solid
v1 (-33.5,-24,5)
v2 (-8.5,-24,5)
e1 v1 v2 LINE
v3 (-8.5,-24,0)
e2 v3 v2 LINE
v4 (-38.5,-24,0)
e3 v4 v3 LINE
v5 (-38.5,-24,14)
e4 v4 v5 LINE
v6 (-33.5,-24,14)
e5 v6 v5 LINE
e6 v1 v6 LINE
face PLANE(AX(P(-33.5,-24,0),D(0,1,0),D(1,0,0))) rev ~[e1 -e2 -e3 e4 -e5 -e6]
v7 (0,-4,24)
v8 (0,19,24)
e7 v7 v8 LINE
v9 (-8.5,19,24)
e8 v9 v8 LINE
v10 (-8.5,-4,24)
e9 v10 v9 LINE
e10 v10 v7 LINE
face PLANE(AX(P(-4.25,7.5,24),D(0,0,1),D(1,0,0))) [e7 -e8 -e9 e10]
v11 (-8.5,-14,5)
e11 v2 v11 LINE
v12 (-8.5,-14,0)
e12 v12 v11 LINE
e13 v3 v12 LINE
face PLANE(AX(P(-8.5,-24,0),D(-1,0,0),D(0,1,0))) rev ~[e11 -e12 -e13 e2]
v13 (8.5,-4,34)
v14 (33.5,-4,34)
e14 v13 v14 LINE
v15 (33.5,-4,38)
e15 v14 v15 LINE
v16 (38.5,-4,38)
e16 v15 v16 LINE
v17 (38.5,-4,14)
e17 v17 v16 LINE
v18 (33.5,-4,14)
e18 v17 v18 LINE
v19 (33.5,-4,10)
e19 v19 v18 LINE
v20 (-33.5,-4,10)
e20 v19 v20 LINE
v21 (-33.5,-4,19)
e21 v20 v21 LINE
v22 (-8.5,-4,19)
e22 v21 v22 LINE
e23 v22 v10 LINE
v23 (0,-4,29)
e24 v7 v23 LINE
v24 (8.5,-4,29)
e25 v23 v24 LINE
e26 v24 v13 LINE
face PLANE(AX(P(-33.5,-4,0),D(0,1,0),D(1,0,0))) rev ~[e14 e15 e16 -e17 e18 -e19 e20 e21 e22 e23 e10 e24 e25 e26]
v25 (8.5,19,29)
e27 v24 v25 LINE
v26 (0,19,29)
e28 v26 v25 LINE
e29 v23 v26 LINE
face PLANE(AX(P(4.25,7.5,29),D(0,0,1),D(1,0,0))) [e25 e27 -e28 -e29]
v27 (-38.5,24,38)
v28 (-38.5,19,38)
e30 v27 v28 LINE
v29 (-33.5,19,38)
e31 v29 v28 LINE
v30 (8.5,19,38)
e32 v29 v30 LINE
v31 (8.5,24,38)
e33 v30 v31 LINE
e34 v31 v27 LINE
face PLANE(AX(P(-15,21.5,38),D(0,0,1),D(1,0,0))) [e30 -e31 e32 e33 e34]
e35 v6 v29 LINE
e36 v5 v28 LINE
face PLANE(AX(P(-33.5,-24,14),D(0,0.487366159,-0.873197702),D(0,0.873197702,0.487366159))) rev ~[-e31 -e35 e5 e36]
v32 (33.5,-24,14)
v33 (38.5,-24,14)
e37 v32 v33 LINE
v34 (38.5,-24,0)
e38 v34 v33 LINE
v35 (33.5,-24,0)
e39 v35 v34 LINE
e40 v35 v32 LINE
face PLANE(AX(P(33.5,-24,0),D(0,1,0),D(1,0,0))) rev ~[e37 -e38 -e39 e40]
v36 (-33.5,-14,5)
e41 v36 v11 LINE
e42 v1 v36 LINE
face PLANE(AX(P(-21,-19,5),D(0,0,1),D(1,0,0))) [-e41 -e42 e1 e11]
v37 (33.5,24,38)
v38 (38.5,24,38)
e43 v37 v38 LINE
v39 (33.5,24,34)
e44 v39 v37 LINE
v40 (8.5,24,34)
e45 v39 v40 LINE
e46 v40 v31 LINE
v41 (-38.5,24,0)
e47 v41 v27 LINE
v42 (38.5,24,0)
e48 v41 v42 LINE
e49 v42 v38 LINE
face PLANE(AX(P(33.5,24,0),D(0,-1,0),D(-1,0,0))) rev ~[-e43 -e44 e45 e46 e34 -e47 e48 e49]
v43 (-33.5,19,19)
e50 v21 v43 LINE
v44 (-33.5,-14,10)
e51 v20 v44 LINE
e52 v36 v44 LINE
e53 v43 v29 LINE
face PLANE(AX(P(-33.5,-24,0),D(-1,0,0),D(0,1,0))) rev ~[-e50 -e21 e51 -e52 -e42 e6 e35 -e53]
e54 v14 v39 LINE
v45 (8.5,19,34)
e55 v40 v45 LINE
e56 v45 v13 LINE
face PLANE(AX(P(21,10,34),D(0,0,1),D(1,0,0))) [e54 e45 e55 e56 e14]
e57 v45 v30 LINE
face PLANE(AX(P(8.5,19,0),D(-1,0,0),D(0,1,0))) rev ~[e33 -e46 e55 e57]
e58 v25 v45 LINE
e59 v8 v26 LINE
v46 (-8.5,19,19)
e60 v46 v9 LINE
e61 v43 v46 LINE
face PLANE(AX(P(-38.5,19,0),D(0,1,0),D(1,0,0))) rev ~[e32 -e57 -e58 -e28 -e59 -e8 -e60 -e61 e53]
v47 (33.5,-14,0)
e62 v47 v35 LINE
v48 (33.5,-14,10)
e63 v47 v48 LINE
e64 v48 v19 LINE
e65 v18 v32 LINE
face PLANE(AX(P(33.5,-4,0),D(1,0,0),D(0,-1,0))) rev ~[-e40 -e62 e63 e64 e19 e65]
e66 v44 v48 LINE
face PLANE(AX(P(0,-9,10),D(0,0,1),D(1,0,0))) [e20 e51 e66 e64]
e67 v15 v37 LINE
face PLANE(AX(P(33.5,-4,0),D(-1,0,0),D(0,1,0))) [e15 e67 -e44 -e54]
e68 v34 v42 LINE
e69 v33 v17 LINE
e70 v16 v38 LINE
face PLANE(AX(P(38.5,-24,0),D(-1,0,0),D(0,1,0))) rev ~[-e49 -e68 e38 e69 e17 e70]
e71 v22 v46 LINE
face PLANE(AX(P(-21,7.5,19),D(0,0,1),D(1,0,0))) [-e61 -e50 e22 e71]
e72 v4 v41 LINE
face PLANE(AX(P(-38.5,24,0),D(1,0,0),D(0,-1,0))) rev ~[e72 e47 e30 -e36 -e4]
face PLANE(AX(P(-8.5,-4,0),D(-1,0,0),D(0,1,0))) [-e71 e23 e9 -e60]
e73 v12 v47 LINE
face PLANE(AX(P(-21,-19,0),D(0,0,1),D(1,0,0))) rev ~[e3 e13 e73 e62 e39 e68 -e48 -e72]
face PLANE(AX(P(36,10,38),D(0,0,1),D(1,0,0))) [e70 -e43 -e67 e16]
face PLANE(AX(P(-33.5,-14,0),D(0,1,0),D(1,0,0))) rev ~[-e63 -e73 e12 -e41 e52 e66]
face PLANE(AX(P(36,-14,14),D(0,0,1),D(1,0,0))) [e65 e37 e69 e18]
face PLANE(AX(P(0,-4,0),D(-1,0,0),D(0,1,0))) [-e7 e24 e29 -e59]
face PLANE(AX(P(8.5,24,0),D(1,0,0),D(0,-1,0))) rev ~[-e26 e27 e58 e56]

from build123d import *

# Parameters (mm, degrees)
F1_DEPTH  = 38
F3_DEPTH  = 25
F4_DEPTH  = 38
F0_W      = 5
F0_H      = 28
F5_DEPTH  = 38
F6_DEPTH  = 34
F7_DEPTH  = 14
F0_W_2    = 8.5
F0_H_2    = 23
F8_DEPTH  = 29
F9_DEPTH  = 24
F0_W_3    = 25
F10_DEPTH = 19
F11_DEPTH = 10
F0_H_3    = 10
F12_DEPTH = 5


with BuildPart() as f1:
    # F0 (on Top) → F1 (new body)
    with BuildSketch(Plane.XY):
        Polygon((-33.5, -24), (-33.5, -14), (-33.5, -4), (-33.5, 19), (-38.5, 19), (-38.5, -24), align=None)
    extrude(amount=F1_DEPTH)

    # F2 (on face) → F3 (cut)
    with BuildSketch(Plane.YZ.offset(-33.5)):
        Polygon((-24, 38), (-24, 14), (19, 38), align=None)
    extrude(amount=-F3_DEPTH, mode=Mode.SUBTRACT)

    # F0 (on Top) → F4 (join)
    with BuildSketch(Plane.XY):
        Polygon((8.5, 19), (8.5, 24), (-38.5, 24), (-38.5, 19), (-33.5, 19), (-8.5, 19), (0, 19), align=None)
    extrude(amount=F4_DEPTH)



with BuildPart() as f5:
    # F0 (on Top) → F5 (new body)
    with BuildSketch(Plane.XY):
        with Locations((36, 10)):
            Rectangle(F0_W, F0_H)
    extrude(amount=F5_DEPTH)


with BuildPart() as f1_1:
    add(f1.part)

    add(f5.part)  # F6 merges F5
    # F0 (on Top) → F6 (join)
    with BuildSketch(Plane.XY):
        Polygon((8.5, -4), (33.5, -4), (33.5, 24), (8.5, 24), (8.5, 19), align=None)
    extrude(amount=F6_DEPTH)

    # F0 (on Top) → F7 (join)
    with BuildSketch(Plane.XY):
        Polygon((33.5, -24), (38.5, -24), (38.5, -4), (33.5, -4), (33.5, -14), align=None)
    extrude(amount=F7_DEPTH)

    # F0 (on Top) → F8 (join)
    with BuildSketch(Plane.XY):
        with Locations((4.25, 7.5)):
            Rectangle(F0_W_2, F0_H_2)
    extrude(amount=F8_DEPTH)

    # F0 (on Top) → F9 (join)
    with BuildSketch(Plane.XY):
        with Locations((-4.25, 7.5)):
            Rectangle(F0_W_2, F0_H_2)
    extrude(amount=F9_DEPTH)

    # F0 (on Top) → F10 (join)
    with BuildSketch(Plane.XY):
        with Locations((-21, 7.5)):
            Rectangle(F0_W_3, F0_H_2)
    extrude(amount=F10_DEPTH)

    # F0 (on Top) → F11 (join)
    with BuildSketch(Plane.XY):
        Polygon((-8.5, -14), (33.5, -14), (33.5, -4), (8.5, -4), (0, -4), (-8.5, -4), (-33.5, -4), (-33.5, -14), align=None)
    extrude(amount=F11_DEPTH)

    # F0 (on Top) → F12 (join)
    with BuildSketch(Plane.XY):
        with Locations((-21, -19)):
            Rectangle(F0_W_3, F0_H_3)
    extrude(amount=F12_DEPTH)


solid = f1_1.part
